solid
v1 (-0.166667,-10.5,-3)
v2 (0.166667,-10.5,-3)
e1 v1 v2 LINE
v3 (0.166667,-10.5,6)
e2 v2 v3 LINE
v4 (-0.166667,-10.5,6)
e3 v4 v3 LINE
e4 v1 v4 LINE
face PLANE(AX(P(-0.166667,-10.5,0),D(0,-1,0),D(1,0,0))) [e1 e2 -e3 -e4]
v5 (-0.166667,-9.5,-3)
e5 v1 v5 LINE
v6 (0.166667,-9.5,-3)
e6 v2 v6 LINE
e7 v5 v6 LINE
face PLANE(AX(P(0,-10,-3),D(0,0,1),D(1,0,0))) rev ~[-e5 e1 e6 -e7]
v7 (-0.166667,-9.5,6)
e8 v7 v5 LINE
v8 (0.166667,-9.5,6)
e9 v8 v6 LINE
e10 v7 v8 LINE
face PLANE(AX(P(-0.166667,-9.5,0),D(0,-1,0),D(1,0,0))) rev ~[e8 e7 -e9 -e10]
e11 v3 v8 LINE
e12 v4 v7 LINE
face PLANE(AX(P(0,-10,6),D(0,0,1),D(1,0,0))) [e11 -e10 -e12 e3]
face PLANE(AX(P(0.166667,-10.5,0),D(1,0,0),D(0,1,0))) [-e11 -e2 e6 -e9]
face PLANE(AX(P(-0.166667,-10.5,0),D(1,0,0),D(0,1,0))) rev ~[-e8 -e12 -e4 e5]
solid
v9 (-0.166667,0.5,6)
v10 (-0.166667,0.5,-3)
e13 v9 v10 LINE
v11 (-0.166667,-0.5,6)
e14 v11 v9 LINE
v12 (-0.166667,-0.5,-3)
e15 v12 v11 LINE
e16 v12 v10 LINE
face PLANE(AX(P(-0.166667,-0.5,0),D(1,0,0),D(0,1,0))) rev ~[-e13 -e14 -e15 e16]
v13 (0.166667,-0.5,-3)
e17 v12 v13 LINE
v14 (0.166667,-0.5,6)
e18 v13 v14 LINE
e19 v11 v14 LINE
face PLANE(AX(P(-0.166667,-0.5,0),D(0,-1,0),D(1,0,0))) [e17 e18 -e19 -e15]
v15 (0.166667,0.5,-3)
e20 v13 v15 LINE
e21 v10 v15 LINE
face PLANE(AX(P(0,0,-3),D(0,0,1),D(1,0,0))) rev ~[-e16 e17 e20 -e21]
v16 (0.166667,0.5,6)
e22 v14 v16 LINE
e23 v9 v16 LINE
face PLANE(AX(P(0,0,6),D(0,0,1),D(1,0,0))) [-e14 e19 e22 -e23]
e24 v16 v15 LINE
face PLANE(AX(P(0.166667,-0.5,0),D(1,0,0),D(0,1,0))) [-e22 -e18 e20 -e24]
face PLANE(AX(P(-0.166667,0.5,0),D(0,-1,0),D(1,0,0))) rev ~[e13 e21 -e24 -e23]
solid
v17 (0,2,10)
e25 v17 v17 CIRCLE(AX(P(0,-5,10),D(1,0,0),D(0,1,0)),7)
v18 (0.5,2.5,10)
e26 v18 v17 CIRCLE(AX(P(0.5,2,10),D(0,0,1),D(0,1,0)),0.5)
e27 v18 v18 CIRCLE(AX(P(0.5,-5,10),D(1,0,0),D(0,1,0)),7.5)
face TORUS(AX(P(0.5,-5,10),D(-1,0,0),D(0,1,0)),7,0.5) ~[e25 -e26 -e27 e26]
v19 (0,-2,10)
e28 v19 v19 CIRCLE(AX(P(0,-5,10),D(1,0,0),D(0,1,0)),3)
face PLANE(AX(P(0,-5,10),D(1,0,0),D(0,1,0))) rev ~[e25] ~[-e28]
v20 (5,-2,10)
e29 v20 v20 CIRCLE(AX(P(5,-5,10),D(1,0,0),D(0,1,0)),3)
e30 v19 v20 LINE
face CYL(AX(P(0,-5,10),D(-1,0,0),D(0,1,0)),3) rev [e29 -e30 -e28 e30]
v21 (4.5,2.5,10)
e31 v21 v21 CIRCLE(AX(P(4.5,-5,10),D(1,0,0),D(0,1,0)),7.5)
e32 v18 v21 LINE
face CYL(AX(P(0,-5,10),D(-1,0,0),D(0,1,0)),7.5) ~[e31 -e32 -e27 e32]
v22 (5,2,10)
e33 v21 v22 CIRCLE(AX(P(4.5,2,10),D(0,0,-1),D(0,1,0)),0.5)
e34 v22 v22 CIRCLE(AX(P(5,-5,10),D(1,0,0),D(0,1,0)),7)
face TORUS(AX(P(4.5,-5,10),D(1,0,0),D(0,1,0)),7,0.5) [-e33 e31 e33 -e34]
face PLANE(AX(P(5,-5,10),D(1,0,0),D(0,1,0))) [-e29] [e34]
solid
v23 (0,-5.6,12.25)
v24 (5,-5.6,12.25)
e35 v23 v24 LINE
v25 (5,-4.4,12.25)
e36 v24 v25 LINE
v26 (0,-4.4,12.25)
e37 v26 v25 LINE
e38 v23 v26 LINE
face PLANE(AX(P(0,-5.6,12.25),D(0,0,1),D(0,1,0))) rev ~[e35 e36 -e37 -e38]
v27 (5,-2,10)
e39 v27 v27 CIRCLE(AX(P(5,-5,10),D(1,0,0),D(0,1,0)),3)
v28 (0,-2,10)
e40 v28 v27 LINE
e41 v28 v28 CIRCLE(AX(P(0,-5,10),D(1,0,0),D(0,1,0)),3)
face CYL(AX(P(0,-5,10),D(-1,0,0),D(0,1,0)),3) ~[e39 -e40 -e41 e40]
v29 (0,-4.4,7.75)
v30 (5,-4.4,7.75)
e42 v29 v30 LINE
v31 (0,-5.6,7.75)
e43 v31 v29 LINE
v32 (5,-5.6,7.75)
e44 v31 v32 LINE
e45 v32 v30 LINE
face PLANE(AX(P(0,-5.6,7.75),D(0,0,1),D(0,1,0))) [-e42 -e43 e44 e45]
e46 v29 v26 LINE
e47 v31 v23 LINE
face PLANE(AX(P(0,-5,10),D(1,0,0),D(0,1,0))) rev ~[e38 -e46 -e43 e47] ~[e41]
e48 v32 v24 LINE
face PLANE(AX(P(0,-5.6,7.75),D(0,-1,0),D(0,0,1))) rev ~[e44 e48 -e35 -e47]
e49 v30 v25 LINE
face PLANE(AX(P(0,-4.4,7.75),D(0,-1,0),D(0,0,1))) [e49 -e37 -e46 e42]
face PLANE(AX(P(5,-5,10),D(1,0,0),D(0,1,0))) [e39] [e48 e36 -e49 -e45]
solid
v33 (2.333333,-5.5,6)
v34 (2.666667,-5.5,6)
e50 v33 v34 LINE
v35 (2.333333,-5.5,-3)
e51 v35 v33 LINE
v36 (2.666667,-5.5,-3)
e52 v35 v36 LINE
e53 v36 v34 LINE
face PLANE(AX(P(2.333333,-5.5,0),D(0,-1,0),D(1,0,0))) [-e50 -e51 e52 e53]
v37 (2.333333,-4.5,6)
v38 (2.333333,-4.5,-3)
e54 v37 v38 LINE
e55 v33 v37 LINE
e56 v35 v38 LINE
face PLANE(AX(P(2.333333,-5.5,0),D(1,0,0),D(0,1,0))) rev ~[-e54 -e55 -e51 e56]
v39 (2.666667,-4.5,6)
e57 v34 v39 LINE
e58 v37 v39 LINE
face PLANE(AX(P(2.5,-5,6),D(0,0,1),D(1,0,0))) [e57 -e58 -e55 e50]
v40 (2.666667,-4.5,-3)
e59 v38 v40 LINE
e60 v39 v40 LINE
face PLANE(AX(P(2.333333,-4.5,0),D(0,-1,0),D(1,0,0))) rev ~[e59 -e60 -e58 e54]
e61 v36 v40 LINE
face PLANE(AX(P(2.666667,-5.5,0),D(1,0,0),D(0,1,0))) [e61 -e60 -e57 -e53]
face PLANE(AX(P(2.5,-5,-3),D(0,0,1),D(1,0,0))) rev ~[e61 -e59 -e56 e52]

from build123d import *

# Parameters (mm, degrees)
SKETCH001_R       = 3
SKETCH001_W       = 1.2
SKETCH001_H       = 4.5
PAD001_DEPTH      = 5
SKETCH_R          = 7.5
SKETCH_R_2        = 3
PAD_DEPTH         = 5
FILLET_R          = 0.5
SKETCH003_W       = 0.333334
SKETCH003_H       = 1
PAD002_DEPTH      = 6
PAD002_DEPTH_BACK = 3


with BuildPart() as pad001:
    # Sketch001 → Pad001 (new body)
    with BuildSketch(Plane.YZ):
        with Locations((-5, 10)):
            Circle(SKETCH001_R)
        with Locations((-5, 10)):
            Rectangle(SKETCH001_W, SKETCH001_H, mode=Mode.SUBTRACT)
    extrude(amount=PAD001_DEPTH)


with BuildPart() as fillet_body:
    # Sketch → Pad (new body)
    with BuildSketch(Plane.YZ):
        with Locations((-5, 10)):
            Circle(SKETCH_R)
        with Locations((-5, 10)):
            Circle(SKETCH_R_2, mode=Mode.SUBTRACT)
    extrude(amount=PAD_DEPTH)

    # Fillet
    fillet_edges = [fillet_body.edges().sort_by_distance(p)[0] for p in [
        (0, -12.5, 10),
        (5, -12.5, 10),
    ]]
    fillet(fillet_edges, radius=FILLET_R)


with BuildPart() as pad002:
    # Sketch003 → Pad002 (new body, two sides)
    with BuildSketch(Plane.XY) as pad002_sk:
        Rectangle(SKETCH003_W, SKETCH003_H)
        with Locations((2.5, -5)):
            Rectangle(SKETCH003_W, SKETCH003_H)
        with Locations((0, -10)):
            Rectangle(SKETCH003_W, SKETCH003_H)
    extrude(amount=PAD002_DEPTH)
    extrude(pad002_sk.sketch, amount=-PAD002_DEPTH_BACK)


solid = Compound([pad001.part, fillet_body.part, pad002.part])
